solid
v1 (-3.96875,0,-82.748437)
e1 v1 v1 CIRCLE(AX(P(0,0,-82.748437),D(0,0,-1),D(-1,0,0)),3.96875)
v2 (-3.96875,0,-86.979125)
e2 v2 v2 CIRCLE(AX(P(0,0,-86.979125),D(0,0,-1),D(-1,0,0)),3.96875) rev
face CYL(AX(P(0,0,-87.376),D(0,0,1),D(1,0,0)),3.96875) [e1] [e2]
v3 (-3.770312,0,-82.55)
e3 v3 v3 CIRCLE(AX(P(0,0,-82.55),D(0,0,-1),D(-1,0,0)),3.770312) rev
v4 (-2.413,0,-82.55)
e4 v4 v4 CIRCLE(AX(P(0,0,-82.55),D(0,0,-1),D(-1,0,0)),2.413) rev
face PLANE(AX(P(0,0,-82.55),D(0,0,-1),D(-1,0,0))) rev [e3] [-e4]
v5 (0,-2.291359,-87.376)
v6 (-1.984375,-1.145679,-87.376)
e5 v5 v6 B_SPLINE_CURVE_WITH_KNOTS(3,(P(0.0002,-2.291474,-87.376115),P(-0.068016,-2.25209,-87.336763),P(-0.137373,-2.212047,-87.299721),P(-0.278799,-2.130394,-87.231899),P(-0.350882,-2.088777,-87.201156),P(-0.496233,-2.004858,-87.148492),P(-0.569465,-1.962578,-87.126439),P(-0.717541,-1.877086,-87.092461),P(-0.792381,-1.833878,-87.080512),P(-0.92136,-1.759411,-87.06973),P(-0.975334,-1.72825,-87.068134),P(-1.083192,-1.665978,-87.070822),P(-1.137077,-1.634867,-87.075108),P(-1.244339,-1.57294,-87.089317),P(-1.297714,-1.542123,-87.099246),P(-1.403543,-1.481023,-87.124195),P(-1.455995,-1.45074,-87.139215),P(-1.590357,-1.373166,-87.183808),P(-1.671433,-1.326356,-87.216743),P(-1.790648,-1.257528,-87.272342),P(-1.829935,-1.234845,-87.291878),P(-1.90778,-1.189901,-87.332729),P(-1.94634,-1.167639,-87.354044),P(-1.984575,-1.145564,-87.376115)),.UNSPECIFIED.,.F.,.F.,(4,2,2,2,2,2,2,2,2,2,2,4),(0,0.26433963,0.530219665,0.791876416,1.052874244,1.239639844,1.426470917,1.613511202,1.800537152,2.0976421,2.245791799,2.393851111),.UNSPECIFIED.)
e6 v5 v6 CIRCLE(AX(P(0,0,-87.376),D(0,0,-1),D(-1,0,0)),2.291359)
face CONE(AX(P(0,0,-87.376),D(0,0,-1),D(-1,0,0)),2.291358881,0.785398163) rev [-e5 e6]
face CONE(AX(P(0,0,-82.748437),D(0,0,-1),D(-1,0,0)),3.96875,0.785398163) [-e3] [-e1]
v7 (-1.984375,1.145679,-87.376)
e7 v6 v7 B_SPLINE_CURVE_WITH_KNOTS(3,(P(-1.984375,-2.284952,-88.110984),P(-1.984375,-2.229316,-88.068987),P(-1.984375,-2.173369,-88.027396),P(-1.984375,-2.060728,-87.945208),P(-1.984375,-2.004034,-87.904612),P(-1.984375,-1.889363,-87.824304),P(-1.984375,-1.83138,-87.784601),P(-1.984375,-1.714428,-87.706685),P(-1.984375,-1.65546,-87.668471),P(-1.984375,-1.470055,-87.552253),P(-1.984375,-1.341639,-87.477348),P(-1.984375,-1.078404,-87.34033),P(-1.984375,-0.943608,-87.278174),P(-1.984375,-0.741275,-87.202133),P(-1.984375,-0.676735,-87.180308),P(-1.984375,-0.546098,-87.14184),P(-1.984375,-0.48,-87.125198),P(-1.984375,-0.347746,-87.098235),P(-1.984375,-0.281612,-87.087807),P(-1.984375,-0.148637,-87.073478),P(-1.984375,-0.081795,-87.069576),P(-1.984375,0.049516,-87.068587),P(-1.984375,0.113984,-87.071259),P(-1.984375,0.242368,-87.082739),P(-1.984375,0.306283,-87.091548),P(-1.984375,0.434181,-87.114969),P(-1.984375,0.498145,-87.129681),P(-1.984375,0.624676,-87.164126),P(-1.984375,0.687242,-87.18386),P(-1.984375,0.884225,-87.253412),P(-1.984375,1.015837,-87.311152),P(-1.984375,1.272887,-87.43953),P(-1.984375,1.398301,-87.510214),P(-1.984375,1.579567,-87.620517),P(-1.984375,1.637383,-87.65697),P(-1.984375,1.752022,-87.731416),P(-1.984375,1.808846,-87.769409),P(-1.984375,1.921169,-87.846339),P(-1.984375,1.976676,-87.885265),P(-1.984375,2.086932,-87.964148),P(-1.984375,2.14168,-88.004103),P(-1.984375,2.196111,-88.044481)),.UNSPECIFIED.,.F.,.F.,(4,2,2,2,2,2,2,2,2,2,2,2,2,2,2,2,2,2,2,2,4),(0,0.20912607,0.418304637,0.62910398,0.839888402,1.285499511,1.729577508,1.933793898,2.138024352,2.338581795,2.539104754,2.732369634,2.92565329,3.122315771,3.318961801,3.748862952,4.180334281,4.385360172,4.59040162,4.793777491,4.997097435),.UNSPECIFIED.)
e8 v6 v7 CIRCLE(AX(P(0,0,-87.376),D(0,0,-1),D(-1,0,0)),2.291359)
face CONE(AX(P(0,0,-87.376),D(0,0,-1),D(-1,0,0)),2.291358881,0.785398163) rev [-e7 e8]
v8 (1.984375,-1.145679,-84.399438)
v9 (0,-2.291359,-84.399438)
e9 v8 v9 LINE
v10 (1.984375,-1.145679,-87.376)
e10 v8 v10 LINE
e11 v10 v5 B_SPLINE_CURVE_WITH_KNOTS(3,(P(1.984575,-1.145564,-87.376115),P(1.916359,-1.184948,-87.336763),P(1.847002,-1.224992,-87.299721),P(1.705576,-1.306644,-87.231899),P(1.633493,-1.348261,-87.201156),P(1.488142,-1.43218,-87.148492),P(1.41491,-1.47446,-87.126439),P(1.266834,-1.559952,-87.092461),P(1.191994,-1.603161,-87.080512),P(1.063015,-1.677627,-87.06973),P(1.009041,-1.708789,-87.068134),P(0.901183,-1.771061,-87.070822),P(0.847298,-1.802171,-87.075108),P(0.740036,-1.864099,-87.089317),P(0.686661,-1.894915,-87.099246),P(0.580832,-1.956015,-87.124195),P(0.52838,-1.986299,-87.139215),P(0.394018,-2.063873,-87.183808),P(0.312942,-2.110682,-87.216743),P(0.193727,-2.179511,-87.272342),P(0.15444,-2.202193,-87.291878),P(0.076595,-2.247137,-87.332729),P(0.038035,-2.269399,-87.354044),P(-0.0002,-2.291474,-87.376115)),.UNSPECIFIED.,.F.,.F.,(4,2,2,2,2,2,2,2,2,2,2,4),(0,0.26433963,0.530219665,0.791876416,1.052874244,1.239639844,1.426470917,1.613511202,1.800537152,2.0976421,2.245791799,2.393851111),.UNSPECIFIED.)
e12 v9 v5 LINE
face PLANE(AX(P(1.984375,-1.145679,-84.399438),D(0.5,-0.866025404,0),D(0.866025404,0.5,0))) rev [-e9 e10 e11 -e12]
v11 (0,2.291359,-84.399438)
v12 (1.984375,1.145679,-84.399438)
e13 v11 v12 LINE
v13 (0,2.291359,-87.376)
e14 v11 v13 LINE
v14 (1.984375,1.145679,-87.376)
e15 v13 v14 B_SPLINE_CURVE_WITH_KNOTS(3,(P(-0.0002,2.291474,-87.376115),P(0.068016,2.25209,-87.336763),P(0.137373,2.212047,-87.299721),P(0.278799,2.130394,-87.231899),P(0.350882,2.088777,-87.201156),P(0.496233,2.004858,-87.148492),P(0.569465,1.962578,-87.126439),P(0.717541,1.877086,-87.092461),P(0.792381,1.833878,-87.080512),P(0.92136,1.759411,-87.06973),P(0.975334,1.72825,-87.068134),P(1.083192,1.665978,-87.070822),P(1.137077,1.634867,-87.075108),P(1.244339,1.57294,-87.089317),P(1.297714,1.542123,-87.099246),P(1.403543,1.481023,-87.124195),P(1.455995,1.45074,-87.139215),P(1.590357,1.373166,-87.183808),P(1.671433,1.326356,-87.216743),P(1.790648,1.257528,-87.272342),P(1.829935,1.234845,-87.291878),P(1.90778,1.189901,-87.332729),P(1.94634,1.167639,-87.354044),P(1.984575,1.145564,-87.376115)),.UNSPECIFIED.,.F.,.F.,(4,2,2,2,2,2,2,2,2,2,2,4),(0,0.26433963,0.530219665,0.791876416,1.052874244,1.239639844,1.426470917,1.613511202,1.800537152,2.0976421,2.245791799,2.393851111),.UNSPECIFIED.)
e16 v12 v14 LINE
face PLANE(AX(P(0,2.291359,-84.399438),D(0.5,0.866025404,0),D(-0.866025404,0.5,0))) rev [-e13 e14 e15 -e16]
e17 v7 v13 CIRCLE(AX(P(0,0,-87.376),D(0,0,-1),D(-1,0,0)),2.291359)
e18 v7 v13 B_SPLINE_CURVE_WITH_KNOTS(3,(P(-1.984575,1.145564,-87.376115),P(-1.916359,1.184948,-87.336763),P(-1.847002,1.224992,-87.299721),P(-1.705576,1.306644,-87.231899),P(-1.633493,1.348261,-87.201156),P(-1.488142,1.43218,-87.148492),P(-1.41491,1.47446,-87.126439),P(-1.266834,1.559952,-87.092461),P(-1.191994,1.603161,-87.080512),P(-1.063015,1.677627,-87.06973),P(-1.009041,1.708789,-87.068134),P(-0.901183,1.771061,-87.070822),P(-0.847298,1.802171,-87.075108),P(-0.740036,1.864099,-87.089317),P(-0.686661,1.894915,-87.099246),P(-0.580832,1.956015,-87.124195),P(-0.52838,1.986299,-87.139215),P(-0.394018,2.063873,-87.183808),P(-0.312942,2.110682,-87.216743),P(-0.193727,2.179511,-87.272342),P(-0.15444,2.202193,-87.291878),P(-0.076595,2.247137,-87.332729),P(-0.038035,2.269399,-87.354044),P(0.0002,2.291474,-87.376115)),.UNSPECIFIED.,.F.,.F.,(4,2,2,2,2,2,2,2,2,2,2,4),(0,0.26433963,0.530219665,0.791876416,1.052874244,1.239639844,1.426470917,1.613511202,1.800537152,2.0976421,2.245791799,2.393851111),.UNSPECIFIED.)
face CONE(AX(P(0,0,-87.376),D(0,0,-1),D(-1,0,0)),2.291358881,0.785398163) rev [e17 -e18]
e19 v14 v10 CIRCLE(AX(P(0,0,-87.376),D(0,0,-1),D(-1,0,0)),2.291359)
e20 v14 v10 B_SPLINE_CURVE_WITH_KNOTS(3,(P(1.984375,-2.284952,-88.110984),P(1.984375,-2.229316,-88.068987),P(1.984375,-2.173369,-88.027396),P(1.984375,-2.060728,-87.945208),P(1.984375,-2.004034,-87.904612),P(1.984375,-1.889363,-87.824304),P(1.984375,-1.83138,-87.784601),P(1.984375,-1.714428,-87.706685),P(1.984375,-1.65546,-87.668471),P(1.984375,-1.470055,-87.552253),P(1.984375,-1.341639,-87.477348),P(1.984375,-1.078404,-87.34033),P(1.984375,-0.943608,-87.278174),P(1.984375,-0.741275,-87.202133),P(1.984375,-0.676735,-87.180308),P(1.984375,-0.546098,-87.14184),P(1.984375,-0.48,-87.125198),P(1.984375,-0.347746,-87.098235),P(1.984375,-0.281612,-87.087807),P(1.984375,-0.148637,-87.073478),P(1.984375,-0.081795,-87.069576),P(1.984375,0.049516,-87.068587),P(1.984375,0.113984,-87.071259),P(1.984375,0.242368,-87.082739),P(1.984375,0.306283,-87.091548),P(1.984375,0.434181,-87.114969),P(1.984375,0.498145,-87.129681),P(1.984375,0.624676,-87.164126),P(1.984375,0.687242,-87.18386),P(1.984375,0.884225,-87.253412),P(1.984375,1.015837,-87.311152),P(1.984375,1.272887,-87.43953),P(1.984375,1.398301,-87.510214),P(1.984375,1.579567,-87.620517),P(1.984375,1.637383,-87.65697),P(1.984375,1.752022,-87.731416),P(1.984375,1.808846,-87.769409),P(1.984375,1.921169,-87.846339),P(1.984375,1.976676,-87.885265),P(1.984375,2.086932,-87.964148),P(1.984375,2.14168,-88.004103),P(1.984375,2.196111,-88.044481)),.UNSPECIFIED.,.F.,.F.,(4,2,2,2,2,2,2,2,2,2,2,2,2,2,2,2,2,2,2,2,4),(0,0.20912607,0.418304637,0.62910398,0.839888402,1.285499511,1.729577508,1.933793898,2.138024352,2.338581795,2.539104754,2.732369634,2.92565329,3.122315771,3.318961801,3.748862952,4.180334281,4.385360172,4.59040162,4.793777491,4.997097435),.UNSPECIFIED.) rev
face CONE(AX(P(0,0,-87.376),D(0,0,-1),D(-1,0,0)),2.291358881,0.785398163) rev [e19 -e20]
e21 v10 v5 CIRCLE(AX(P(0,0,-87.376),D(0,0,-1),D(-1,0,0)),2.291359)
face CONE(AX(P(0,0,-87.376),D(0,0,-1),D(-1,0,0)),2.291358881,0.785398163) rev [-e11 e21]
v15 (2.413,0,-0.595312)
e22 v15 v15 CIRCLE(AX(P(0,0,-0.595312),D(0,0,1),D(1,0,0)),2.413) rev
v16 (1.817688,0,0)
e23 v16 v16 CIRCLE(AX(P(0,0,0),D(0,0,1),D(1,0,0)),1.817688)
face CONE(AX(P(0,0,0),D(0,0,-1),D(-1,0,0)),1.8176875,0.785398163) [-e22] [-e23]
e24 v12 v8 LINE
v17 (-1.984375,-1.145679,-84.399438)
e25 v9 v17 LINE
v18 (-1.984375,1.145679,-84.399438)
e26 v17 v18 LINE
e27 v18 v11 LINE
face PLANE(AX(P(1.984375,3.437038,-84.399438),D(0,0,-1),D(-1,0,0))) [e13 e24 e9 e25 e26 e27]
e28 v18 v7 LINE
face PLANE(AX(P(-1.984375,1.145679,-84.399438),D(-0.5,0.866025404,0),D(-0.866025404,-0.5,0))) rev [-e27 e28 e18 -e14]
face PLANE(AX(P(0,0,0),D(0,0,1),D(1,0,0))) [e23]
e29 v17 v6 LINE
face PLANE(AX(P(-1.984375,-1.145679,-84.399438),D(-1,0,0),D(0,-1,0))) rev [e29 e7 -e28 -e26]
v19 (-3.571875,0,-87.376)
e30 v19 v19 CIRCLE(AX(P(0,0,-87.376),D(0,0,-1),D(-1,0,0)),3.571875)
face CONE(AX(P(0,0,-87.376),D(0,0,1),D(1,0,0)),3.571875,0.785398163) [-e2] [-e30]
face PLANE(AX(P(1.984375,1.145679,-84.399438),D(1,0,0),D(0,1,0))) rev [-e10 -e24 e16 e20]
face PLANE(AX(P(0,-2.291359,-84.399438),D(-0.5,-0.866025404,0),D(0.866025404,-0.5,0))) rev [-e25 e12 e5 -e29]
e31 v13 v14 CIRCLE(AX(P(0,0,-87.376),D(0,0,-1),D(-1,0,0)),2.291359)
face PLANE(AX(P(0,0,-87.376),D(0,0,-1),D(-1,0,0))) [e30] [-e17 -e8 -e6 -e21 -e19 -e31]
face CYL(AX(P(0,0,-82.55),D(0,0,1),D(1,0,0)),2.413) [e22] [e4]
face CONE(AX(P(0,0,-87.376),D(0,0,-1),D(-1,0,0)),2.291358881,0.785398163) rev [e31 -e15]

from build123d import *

# Parameters (mm, degrees)
SKETCH1_R          = 2.413
EXTRUDE1_DEPTH     = 82.55
CHAMFER3_SIZE      = 0.5953125
SKETCH6_R          = 3.96875
EXTRUDE2_DEPTH     = 4.826
CUT_EXTRUDE1_DEPTH = 2.9765625
CHAMFER1_SIZE      = 0.396875
CHAMFER2_SIZE      = 0.1984375


with BuildPart() as part:
    # Sketch1 → Extrude1 (new body)
    with BuildSketch(Plane.XY):
        Circle(SKETCH1_R)
    extrude(amount=-EXTRUDE1_DEPTH)

    # Chamfer3
    chamfer3_edges = [part.edges().sort_by_distance(p)[0] for p in [
        (-2.413, 0, 0),
    ]]
    chamfer(chamfer3_edges, length=CHAMFER3_SIZE)

    # Sketch6 → Extrude2 (add)
    with BuildSketch(Plane(origin=(0, 0, -82.55), x_dir=(-1, 0, 0), z_dir=(0, 0, -1))):
        Circle(SKETCH6_R)
    extrude(amount=EXTRUDE2_DEPTH)

    # Sketch7 → Cut-Extrude1 (cut)
    with BuildSketch(Plane(origin=(0, 0, -87.376), x_dir=(-1, 0, 0), z_dir=(0, 0, -1))):
        Polygon((0, 2.291358881), (-1.984375, 1.14567944), (-1.984375, -1.14567944), (0, -2.291358881), (1.984375, -1.14567944), (1.984375, 1.14567944), align=None)
    extrude(amount=-CUT_EXTRUDE1_DEPTH, mode=Mode.SUBTRACT)

    # Cut-Extrude2 cone 1 section (through the dimple's axis) → Cut-Extrude2 (revolve, cut)
    with BuildSketch(Plane(origin=(0, 0, -87.376), x_dir=(0, 1, 0), z_dir=(1, 0, 0))):
        Polygon((0, 0), (2.291358881, 0), (0, 2.291358881), align=None)
    revolve(axis=Axis((0, 0, -87.376), (0, 0, 1)), mode=Mode.SUBTRACT)

    # Chamfer1
    chamfer1_edges = [part.edges().sort_by_distance(p)[0] for p in [
        (3.96875, 0, -87.376),
    ]]
    chamfer(chamfer1_edges, length=CHAMFER1_SIZE)

    # Chamfer2
    chamfer2_edges = [part.edges().sort_by_distance(p)[0] for p in [
        (3.96875, 0, -82.55),
    ]]
    chamfer(chamfer2_edges, length=CHAMFER2_SIZE)


solid = part.part
